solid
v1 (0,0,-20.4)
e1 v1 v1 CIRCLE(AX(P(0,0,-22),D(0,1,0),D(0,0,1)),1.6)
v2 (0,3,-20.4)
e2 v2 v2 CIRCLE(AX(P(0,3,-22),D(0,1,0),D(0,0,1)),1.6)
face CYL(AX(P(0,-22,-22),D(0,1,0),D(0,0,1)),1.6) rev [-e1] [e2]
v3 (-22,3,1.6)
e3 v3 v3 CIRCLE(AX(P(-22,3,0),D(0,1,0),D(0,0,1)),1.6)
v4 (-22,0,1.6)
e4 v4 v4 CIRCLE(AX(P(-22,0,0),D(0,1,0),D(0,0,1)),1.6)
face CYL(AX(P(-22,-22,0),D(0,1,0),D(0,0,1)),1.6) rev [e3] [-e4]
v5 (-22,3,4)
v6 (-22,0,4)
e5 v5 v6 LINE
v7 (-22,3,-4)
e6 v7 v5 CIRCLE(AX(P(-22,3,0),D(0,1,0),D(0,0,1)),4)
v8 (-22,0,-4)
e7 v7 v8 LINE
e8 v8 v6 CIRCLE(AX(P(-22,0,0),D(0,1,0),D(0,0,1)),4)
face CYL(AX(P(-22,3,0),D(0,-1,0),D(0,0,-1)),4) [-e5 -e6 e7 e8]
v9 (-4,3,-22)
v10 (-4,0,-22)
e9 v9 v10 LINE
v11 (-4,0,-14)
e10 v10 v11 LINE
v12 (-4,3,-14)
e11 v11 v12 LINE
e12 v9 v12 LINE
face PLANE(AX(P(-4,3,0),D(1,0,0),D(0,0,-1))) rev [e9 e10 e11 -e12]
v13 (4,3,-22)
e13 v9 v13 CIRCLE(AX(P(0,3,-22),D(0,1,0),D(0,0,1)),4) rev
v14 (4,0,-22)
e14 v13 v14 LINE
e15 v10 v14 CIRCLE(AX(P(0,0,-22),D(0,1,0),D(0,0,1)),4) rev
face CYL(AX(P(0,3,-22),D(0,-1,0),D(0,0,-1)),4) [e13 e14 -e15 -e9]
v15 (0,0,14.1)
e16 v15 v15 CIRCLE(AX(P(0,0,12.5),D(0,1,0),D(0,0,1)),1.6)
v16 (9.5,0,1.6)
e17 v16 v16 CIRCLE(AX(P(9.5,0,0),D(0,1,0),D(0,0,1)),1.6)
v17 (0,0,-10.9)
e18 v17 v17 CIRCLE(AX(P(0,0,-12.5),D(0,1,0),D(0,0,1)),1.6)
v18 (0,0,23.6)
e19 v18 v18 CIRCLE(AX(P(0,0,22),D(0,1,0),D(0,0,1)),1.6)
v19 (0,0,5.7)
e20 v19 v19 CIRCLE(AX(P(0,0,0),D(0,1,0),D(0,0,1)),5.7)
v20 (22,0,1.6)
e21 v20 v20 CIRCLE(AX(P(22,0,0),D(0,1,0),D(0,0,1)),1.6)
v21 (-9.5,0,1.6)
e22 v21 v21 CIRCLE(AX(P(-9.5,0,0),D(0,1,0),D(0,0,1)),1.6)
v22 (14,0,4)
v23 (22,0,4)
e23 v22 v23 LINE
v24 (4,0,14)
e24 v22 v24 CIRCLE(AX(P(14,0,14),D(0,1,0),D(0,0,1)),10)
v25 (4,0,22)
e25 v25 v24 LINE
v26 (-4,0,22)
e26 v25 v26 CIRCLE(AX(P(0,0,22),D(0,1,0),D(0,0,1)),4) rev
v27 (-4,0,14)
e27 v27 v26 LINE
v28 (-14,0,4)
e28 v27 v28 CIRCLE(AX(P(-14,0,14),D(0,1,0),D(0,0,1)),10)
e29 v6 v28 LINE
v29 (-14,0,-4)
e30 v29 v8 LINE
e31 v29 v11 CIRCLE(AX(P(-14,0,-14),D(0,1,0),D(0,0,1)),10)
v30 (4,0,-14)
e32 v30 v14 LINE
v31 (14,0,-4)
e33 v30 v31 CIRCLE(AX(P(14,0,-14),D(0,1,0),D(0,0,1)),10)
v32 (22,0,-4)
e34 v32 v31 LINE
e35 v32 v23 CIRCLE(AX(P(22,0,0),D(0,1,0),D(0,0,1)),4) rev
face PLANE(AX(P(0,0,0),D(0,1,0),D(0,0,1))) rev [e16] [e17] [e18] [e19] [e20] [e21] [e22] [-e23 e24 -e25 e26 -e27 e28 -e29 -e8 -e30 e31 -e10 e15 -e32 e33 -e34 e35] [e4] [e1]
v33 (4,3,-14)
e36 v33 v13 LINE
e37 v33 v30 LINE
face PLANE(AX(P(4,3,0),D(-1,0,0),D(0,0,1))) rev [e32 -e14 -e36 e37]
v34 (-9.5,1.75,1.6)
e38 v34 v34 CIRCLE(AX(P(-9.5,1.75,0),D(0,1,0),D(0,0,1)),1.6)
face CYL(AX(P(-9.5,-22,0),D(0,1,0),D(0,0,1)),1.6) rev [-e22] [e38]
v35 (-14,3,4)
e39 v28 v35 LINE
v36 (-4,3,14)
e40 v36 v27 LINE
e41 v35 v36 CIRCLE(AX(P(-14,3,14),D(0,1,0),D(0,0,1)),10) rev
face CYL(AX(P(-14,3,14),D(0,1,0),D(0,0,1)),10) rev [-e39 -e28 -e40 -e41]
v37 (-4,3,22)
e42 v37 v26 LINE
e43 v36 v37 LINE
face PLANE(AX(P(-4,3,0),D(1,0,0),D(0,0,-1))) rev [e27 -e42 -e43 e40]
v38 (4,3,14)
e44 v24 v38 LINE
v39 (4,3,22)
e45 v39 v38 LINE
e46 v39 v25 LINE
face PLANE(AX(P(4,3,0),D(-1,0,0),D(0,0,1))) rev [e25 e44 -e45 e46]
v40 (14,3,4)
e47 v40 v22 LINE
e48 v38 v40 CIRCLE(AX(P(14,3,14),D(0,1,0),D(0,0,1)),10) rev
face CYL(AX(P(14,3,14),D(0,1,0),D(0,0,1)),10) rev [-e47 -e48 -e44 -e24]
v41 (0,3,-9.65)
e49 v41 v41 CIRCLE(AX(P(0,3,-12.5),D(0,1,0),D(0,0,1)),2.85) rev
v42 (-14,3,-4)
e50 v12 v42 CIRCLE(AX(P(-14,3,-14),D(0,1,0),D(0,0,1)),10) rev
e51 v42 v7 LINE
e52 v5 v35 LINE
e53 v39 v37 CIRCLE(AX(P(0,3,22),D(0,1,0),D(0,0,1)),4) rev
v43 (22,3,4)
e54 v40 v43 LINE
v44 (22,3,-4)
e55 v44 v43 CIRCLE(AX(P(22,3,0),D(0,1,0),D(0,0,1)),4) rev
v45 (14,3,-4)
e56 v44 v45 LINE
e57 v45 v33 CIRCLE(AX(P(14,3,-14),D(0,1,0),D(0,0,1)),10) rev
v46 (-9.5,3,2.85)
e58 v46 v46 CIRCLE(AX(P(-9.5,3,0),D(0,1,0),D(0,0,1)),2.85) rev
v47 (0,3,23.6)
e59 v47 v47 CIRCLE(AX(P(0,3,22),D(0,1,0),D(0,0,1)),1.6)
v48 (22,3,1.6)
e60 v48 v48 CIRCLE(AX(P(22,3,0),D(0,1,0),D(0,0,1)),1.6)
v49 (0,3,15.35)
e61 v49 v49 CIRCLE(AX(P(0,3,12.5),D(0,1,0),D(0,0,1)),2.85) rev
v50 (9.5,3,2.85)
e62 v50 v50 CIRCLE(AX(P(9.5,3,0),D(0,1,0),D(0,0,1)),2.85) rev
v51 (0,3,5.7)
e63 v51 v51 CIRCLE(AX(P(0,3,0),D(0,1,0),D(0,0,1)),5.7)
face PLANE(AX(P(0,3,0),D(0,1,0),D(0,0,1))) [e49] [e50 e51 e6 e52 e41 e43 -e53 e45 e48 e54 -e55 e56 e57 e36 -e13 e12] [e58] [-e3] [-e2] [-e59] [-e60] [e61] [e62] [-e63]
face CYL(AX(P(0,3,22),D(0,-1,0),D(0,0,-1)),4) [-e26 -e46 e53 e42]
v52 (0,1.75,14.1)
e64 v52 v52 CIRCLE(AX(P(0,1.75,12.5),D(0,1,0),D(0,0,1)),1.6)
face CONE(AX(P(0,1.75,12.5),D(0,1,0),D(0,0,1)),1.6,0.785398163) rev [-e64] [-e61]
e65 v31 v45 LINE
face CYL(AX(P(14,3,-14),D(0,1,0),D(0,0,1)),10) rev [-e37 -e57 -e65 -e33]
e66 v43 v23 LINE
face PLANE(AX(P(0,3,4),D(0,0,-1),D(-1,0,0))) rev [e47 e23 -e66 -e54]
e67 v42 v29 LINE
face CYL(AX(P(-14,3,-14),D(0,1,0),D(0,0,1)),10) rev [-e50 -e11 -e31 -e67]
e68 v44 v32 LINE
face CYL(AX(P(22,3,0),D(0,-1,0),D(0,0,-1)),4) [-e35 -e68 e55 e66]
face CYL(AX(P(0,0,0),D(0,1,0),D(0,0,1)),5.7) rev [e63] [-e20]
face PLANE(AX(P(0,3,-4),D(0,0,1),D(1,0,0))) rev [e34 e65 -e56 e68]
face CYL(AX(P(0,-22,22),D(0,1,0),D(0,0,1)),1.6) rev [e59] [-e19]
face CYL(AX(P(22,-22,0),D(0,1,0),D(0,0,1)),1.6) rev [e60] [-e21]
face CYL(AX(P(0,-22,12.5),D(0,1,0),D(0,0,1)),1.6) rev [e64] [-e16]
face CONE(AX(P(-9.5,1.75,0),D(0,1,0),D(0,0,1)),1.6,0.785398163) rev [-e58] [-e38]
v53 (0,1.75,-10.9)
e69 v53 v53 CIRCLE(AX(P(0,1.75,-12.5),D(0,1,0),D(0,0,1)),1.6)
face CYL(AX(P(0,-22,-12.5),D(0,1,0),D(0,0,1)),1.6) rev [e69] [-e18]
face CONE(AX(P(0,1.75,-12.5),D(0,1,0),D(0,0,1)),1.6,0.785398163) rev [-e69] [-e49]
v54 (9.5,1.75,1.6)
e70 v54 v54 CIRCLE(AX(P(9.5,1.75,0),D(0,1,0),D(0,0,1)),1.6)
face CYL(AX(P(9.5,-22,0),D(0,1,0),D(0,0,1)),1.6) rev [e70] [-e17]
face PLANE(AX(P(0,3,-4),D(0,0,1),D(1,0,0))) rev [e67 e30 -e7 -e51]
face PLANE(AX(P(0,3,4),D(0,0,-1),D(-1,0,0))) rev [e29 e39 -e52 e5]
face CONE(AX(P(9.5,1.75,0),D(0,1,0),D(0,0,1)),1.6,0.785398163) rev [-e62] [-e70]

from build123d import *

# Parameters (mm, degrees)
BOSS_EXTRUDE1_DEPTH = 3
SKETCH2_R           = 1.6
CUT_EXTRUDE1_DEPTH  = 25
CHAMFER1_SIZE       = 1.25
FILLET1_R           = 10
SKETCH3_R           = 5.7
CUT_EXTRUDE2_DEPTH  = 3


with BuildPart() as part:
    # Sketch1 → Boss-Extrude1 (new body)
    with BuildSketch(Plane(origin=(0, 0, 0), x_dir=(1, 0, 0), z_dir=(0, 1, 0))):
        Polygon((4, 4), (4, 22), (-4, 22), (-4, 4), (-22, 4), (-22, -4), (-4, -4), (-4, -22), (4, -22), (4, -4), (22, -4), (22, 4), align=None)
        with BuildLine():
            ThreePointArc((-4, 22), (0, 26), (4, 22))
            Line((4, 22), (-4, 22))
        make_face()
        with BuildLine():
            ThreePointArc((22, 4), (26, 0), (22, -4))
            Line((22, -4), (22, 4))
        make_face()
        with BuildLine():
            Line((-22, 4), (-22, -4))
            ThreePointArc((-22, -4), (-26, 0), (-22, 4))
        make_face()
        with BuildLine():
            ThreePointArc((4, -22), (0, -26), (-4, -22))
            Line((-4, -22), (4, -22))
        make_face()
    extrude(amount=BOSS_EXTRUDE1_DEPTH)

    # Sketch2 → Cut-Extrude1 (cut)
    with BuildSketch(Plane(origin=(0, 3, 0), x_dir=(1, 0, 0), z_dir=(0, 1, 0))):
        with Locations(Location((-22, 0, 0), (0, 0, 270))):
            Circle(SKETCH2_R)
        with Locations(Location((0, 22, 0), (0, 0, 270))):
            Circle(SKETCH2_R)
        with Locations(Location((0, -22, 0), (0, 0, 270))):
            Circle(SKETCH2_R)
        with Locations(Location((22, 0, 0), (0, 0, 270))):
            Circle(SKETCH2_R)
        with Locations(Location((0, 12.5, 0), (0, 0, 270))):
            Circle(SKETCH2_R)
        with Locations(Location((-9.5, 0, 0), (0, 0, 270))):
            Circle(SKETCH2_R)
        with Locations(Location((0, -12.5, 0), (0, 0, 270))):
            Circle(SKETCH2_R)
        with Locations(Location((9.5, 0, 0), (0, 0, 270))):
            Circle(SKETCH2_R)
    extrude(amount=-CUT_EXTRUDE1_DEPTH, mode=Mode.SUBTRACT)

    # Chamfer1
    chamfer1_edges = [part.edges().sort_by_distance(p)[0] for p in [
        (9.5, 3, -1.6),
        (0, 3, 10.9),
        (-9.5, 3, -1.6),
        (0, 3, -14.1),
    ]]
    chamfer(chamfer1_edges, length=CHAMFER1_SIZE)

    # Fillet1
    fillet1_edges = [part.edges().sort_by_distance(p)[0] for p in [
        (4, 1.5, -4),
        (4, 1.5, 4),
        (-4, 1.5, 4),
        (-4, 1.5, -4),
    ]]
    fillet(fillet1_edges, radius=FILLET1_R)

    # Sketch3 → Cut-Extrude2 (cut)
    with BuildSketch(Plane(origin=(0, 3, 0), x_dir=(1, 0, 0), z_dir=(0, 1, 0))):
        with Locations(Location((0, 0, 0), (0, 0, 270))):
            Circle(SKETCH3_R)
    extrude(amount=-CUT_EXTRUDE2_DEPTH, mode=Mode.SUBTRACT)


solid = part.part
